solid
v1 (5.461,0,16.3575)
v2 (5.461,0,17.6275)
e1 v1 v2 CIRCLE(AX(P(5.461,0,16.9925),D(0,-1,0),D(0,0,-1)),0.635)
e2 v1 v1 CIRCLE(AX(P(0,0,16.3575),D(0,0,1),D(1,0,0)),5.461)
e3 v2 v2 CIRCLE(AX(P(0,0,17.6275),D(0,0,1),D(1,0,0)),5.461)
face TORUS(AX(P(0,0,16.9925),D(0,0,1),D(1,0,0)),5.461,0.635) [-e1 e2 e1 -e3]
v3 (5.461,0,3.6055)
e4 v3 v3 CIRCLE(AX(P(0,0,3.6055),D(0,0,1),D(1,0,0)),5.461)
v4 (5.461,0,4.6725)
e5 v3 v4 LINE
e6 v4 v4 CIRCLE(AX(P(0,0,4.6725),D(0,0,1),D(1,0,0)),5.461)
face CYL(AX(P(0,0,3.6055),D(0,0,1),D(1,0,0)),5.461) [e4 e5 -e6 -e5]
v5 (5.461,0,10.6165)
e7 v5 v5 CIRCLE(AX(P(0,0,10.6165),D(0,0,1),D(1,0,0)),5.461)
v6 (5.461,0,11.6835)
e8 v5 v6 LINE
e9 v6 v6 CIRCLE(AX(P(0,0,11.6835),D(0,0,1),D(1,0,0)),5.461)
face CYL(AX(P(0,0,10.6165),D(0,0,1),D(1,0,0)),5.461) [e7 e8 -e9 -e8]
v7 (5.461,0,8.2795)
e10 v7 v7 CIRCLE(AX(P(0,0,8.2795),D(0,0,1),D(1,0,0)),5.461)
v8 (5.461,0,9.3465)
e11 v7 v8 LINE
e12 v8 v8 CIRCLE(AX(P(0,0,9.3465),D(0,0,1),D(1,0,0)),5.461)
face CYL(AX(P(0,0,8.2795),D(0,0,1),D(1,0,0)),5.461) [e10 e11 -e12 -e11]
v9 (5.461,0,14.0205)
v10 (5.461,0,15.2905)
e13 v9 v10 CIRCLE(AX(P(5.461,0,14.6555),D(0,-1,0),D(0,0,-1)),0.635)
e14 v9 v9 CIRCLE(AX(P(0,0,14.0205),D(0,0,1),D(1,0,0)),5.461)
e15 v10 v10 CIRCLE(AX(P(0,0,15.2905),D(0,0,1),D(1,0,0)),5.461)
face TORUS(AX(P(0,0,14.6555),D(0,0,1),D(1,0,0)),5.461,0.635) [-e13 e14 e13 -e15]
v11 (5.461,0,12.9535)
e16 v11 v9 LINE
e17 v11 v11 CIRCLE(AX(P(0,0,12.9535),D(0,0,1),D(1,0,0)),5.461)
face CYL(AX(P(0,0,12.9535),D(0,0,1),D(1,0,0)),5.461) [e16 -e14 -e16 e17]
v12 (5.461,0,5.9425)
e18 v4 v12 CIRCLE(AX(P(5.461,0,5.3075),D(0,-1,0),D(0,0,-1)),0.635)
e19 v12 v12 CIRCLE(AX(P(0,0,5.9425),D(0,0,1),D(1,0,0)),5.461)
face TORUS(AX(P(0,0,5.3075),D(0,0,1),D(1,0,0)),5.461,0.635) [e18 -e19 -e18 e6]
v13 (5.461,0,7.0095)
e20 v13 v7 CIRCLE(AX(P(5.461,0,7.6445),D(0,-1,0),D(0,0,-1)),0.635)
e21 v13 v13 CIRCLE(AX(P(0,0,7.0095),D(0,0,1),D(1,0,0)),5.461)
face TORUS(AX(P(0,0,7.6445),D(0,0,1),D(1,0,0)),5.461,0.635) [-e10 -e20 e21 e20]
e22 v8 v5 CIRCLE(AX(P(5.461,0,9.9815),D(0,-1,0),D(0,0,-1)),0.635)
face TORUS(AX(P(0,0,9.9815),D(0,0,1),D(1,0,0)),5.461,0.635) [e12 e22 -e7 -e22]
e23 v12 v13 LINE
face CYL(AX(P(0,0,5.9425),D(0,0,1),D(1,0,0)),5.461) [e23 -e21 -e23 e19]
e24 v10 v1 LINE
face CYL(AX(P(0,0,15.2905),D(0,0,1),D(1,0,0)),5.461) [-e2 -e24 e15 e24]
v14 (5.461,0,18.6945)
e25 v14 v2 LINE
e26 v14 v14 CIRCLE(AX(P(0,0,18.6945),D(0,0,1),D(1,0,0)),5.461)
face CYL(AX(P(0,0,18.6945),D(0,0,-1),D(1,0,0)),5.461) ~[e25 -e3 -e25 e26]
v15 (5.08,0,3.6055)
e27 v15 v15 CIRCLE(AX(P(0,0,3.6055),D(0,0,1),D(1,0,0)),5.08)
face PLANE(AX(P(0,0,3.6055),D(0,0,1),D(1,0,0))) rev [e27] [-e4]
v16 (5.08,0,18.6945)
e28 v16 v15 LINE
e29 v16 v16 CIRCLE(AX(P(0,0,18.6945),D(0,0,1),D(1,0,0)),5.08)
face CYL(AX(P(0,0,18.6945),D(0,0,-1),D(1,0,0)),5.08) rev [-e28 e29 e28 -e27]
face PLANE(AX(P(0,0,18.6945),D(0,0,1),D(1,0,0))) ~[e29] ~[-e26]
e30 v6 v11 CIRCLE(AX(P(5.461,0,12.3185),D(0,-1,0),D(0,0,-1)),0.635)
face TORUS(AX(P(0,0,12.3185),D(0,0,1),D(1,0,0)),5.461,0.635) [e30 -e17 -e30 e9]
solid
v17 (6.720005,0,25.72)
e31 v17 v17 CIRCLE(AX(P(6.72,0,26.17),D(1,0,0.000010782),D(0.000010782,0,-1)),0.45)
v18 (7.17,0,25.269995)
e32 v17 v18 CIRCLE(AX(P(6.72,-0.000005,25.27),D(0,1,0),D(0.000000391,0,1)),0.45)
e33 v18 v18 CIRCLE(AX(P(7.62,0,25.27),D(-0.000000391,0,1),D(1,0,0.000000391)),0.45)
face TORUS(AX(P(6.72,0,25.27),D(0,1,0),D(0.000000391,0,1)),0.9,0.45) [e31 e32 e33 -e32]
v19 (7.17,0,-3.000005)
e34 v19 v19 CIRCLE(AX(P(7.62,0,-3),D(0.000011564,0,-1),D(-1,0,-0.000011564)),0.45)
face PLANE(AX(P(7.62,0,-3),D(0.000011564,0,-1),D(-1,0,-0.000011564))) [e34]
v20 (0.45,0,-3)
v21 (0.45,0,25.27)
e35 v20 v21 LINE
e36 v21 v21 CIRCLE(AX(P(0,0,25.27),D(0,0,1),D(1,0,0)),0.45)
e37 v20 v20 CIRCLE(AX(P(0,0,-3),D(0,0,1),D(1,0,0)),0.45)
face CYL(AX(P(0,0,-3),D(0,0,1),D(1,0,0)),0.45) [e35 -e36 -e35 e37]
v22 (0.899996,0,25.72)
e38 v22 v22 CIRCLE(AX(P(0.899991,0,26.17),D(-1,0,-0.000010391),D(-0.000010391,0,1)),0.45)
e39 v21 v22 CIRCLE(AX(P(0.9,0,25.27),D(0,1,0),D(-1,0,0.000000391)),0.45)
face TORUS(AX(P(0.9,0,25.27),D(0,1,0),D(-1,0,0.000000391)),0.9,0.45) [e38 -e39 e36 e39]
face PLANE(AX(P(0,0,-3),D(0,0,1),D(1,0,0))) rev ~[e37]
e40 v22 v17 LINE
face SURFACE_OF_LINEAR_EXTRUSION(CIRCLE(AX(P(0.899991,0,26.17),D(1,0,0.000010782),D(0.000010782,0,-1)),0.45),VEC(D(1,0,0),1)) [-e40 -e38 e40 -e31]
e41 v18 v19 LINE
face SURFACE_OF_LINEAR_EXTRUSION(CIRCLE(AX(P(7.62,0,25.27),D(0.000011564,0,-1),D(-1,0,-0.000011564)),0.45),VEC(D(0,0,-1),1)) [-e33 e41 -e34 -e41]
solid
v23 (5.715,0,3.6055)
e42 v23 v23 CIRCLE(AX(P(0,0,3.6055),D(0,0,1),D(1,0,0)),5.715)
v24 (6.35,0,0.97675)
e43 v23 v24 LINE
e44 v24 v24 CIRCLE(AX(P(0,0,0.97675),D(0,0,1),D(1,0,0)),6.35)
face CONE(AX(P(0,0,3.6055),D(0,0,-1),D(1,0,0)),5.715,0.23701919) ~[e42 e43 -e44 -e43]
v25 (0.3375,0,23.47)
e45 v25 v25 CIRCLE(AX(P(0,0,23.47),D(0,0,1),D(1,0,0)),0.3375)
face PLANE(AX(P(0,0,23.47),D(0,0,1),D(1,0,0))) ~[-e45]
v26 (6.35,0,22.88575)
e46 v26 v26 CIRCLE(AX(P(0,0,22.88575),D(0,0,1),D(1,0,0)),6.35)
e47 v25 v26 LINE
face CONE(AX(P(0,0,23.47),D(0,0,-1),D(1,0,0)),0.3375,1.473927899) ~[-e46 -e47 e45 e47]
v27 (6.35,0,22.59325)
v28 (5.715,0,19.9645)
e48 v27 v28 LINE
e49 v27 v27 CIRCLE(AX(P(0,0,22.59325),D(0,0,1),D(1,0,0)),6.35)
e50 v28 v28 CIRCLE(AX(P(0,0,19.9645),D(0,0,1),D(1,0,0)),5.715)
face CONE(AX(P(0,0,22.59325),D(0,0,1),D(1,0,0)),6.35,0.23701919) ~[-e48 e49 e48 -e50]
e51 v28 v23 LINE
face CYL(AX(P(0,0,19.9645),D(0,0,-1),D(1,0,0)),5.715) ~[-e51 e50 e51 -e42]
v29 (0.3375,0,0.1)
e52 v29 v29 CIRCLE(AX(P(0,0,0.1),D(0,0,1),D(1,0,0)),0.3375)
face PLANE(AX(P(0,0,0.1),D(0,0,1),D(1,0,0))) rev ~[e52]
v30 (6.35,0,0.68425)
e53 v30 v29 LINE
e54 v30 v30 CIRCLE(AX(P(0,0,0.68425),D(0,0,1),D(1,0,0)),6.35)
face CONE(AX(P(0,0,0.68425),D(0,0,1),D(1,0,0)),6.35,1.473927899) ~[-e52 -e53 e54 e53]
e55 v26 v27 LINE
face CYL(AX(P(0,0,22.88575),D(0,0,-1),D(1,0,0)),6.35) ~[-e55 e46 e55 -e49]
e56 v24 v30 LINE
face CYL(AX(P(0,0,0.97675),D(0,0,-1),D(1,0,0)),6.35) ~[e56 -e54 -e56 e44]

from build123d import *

# Parameters (mm, degrees)
SKETCH_R = 0.45


with BuildPart() as sweep_body:
    # Sweep: sweep along a path in Sketch001
    with BuildLine(Plane.XZ) as sweep_path:
        Line((0, -3), (0, 25.27))
        ThreePointArc((0, 25.27), (0.263601, 25.906393), (0.899991, 26.17))
        Line((0.899991, 26.17), (6.72, 26.17))
        ThreePointArc((6.72, 26.17), (7.356396, 25.906396), (7.62, 25.27))
        Line((7.62, 25.27), (7.62, -3))
    # Sketch → Sweep (sweep)
    with BuildSketch(Plane.XY.offset(-2)):
        Circle(SKETCH_R)
    sweep(path=sweep_path.line)


with BuildPart() as revolution:
    # Sketch002 → Revolution (revolve)
    with BuildSketch(Plane.XZ):
        Polygon((0, 0.1), (0, 23.47), (0.3375, 23.47), (6.35, 22.88575), (6.35, 22.59325), (5.715, 19.9645), (5.715, 3.6055), (6.35, 0.97675), (6.35, 0.68425), (0.3375, 0.1), align=None)
    revolve(axis=Axis((0, 0, 0), (0, 0, 1)))


with BuildPart() as revolution001:
    # Sketch003 → Revolution001 (revolve)
    with BuildSketch(Plane.XZ):
        with BuildLine():
            Line((5.08, 18.6945), (5.08, 3.6055))
            Line((5.08, 3.6055), (5.461, 3.6055))
            Line((5.461, 3.6055), (5.461, 4.6725))
            ThreePointArc((5.461, 4.6725), (6.096, 5.3075), (5.461, 5.9425))
            Line((5.461, 5.9425), (5.461, 7.0095))
            ThreePointArc((5.461, 7.0095), (6.096, 7.6445), (5.461, 8.2795))
            Line((5.461, 8.2795), (5.461, 9.3465))
            ThreePointArc((5.461, 9.3465), (6.096, 9.9815), (5.461, 10.6165))
            Line((5.461, 10.6165), (5.461, 11.6835))
            ThreePointArc((5.461, 11.6835), (6.096, 12.3185), (5.461, 12.9535))
            Line((5.461, 12.9535), (5.461, 14.0205))
            ThreePointArc((5.461, 14.0205), (6.096, 14.6555), (5.461, 15.2905))
            Line((5.461, 15.2905), (5.461, 16.3575))
            ThreePointArc((5.461, 16.3575), (6.096, 16.9925), (5.461, 17.6275))
            Line((5.461, 18.6945), (5.461, 17.6275))
            Line((5.08, 18.6945), (5.461, 18.6945))
        make_face()
    revolve(axis=Axis((0, 0, 0), (0, 0, 1)))


solid = Compound([sweep_body.part, revolution.part, revolution001.part])
